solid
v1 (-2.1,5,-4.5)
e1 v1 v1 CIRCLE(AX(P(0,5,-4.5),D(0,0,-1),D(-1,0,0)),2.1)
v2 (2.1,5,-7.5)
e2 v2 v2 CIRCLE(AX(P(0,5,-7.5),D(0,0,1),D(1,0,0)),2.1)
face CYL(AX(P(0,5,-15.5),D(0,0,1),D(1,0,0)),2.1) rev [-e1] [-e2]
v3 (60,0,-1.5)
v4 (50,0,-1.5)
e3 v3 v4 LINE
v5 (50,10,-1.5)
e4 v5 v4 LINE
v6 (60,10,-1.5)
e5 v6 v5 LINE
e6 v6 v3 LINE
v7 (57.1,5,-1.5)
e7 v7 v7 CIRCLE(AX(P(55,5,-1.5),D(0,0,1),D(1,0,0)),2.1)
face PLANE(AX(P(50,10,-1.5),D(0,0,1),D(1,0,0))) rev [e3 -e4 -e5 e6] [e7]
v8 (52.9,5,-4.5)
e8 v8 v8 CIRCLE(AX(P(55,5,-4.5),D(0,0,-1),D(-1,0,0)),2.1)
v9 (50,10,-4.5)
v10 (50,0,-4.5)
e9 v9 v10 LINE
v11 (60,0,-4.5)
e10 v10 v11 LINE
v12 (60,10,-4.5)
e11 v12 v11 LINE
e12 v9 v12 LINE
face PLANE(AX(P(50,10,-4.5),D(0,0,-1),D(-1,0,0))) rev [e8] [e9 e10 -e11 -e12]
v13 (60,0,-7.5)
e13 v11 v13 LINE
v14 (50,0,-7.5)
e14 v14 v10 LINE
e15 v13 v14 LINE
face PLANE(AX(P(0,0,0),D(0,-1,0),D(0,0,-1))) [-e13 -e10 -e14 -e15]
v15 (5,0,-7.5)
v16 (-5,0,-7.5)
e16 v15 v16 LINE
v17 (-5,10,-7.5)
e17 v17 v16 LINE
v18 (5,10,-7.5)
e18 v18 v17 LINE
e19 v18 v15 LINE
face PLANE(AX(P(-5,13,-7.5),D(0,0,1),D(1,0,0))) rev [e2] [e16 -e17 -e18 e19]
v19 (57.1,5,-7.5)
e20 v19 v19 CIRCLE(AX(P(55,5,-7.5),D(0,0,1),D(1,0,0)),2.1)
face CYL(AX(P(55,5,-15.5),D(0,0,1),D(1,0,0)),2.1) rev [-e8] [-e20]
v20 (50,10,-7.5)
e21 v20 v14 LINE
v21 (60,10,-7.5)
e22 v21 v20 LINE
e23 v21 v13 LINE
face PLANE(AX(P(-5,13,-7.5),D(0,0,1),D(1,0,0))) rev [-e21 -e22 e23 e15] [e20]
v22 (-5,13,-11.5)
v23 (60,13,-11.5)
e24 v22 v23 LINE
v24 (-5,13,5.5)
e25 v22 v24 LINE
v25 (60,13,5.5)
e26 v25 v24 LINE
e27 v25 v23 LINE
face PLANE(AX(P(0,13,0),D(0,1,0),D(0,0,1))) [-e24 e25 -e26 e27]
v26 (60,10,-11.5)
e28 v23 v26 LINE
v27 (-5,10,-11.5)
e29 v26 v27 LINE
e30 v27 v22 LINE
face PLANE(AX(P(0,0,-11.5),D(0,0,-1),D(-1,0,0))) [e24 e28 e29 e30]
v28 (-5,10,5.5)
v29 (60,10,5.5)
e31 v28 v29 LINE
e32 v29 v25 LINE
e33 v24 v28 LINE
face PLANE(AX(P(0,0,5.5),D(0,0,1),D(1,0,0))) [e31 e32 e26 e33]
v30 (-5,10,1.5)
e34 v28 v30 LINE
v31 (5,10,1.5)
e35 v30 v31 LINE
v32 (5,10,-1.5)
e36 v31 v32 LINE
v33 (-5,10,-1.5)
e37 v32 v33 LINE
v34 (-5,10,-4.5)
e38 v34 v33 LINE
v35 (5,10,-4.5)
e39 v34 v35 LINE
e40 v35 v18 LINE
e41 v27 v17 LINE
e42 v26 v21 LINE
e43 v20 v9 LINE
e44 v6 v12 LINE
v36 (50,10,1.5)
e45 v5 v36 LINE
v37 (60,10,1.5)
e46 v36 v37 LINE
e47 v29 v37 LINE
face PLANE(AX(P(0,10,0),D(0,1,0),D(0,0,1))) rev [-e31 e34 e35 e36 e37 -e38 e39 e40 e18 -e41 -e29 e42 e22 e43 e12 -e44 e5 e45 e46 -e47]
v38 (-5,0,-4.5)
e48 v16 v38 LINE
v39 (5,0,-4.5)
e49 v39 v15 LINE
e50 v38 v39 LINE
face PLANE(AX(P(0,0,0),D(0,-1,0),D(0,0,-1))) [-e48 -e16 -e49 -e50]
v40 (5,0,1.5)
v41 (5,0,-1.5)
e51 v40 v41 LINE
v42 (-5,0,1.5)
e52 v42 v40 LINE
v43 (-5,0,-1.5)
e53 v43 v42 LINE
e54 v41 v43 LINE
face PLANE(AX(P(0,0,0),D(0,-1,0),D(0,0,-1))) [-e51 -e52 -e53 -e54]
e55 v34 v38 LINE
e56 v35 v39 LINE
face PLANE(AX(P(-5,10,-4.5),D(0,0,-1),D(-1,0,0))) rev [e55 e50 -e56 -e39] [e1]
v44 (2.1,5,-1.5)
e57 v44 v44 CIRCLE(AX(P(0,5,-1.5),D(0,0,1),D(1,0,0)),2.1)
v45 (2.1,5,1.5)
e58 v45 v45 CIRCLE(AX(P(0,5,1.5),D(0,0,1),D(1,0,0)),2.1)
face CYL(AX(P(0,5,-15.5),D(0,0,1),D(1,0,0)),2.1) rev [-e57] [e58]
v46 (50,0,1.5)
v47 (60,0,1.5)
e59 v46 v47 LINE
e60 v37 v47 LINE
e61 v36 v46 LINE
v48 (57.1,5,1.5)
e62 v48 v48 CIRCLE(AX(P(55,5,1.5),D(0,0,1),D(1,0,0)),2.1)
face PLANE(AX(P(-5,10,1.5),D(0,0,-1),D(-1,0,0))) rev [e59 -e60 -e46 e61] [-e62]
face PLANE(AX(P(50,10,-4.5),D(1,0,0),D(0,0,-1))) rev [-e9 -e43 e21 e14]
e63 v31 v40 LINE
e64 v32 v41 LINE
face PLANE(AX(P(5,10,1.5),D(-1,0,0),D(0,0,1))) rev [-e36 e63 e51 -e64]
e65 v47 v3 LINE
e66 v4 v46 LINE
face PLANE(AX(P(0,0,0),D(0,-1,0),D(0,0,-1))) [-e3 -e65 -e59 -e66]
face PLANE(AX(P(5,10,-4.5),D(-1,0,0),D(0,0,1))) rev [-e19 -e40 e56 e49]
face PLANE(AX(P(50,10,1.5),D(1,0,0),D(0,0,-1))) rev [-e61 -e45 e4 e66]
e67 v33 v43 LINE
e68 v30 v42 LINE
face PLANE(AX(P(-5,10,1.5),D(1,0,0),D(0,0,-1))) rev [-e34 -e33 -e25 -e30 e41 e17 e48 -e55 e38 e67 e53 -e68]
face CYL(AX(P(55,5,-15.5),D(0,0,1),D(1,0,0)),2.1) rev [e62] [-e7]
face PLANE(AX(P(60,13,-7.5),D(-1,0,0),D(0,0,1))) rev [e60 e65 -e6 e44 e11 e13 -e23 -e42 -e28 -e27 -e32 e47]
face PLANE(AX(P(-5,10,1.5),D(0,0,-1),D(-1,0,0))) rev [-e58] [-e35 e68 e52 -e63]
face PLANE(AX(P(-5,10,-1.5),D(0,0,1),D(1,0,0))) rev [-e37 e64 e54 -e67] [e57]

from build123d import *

# Parameters (mm, degrees)
SKETCH_3_W          = 10
SKETCH_3_H          = 3
EXTRUDE_1_DEPTH     = 10
EXTRUDE_1_2_DEPTH   = 10
EXTRUDE_1_3_DEPTH   = 10
EXTRUDE_1_4_DEPTH   = 10
SKETCH_4_W          = 65
SKETCH_4_H          = 9
EXTRUDE_2_DEPTH     = 3
SKETCH_5_R          = 2.1
CUT_EXTRUDE_1_DEPTH = 17
SKETCH_7_W          = 65
SKETCH_7_H          = 3
EXTRUDE_3_DEPTH     = 4
SKETCH_8_W          = 65
SKETCH_8_H          = 3
EXTRUDE_4_DEPTH     = 4


with BuildPart() as part:
    # Эскиз3 → Бобышка-Вытянуть1 (new body)
    with BuildSketch(Plane(origin=(0, 0, 0), x_dir=(1, 0, 0), z_dir=(0, 1, 0))):
        Rectangle(SKETCH_3_W, SKETCH_3_H)
    extrude(amount=EXTRUDE_1_DEPTH)



with BuildPart() as body_2:
    # Эскиз3 → Extrude 1 2 (new body)
    with BuildSketch(Plane(origin=(0, 0, 0), x_dir=(1, 0, 0), z_dir=(0, 1, 0))):
        with Locations((55, 0)):
            Rectangle(SKETCH_3_W, SKETCH_3_H)
    extrude(amount=EXTRUDE_1_2_DEPTH)


with BuildPart() as body_3:
    # Эскиз3 → Extrude 1 3 (new body)
    with BuildSketch(Plane(origin=(0, 0, 0), x_dir=(1, 0, 0), z_dir=(0, 1, 0))):
        with Locations((0, 6)):
            Rectangle(SKETCH_3_W, SKETCH_3_H)
    extrude(amount=EXTRUDE_1_3_DEPTH)


with BuildPart() as body_4:
    # Эскиз3 → Extrude 1 4 (new body)
    with BuildSketch(Plane(origin=(0, 0, 0), x_dir=(1, 0, 0), z_dir=(0, 1, 0))):
        with Locations((55, 6)):
            Rectangle(SKETCH_3_W, SKETCH_3_H)
    extrude(amount=EXTRUDE_1_4_DEPTH)


with BuildPart() as part_1:
    add(part.part)

    add(body_2.part)  # Бобышка-Вытянуть2 merges body 2

    add(body_3.part)  # Бобышка-Вытянуть2 merges body 3

    add(body_4.part)  # Бобышка-Вытянуть2 merges body 4
    # Эскиз4 → Бобышка-Вытянуть2 (add)
    with BuildSketch(Plane(origin=(0, 10, 0), x_dir=(1, 0, 0), z_dir=(0, 1, 0))):
        with Locations((27.5, 3)):
            Rectangle(SKETCH_4_W, SKETCH_4_H)
    extrude(amount=EXTRUDE_2_DEPTH)

    # Эскиз5 → Вырез-Вытянуть1 (cut)
    with BuildSketch(Plane.XY.offset(1.5)):
        with Locations((0, 5)):
            Circle(SKETCH_5_R)
        with Locations((55, 5)):
            Circle(SKETCH_5_R)
    extrude(amount=-CUT_EXTRUDE_1_DEPTH, mode=Mode.SUBTRACT)

    # Эскиз7 → Бобышка-Вытянуть3 (add)
    with BuildSketch(Plane(origin=(0, 0, -7.5), x_dir=(-1, 0, 0), z_dir=(0, 0, -1))):
        with Locations((-27.5, 11.5)):
            Rectangle(SKETCH_7_W, SKETCH_7_H)
    extrude(amount=EXTRUDE_3_DEPTH)

    # Эскиз8 → Бобышка-Вытянуть4 (add)
    with BuildSketch(Plane.XY.offset(1.5)):
        with Locations((27.5, 11.5)):
            Rectangle(SKETCH_8_W, SKETCH_8_H)
    extrude(amount=EXTRUDE_4_DEPTH)


solid = part_1.part
